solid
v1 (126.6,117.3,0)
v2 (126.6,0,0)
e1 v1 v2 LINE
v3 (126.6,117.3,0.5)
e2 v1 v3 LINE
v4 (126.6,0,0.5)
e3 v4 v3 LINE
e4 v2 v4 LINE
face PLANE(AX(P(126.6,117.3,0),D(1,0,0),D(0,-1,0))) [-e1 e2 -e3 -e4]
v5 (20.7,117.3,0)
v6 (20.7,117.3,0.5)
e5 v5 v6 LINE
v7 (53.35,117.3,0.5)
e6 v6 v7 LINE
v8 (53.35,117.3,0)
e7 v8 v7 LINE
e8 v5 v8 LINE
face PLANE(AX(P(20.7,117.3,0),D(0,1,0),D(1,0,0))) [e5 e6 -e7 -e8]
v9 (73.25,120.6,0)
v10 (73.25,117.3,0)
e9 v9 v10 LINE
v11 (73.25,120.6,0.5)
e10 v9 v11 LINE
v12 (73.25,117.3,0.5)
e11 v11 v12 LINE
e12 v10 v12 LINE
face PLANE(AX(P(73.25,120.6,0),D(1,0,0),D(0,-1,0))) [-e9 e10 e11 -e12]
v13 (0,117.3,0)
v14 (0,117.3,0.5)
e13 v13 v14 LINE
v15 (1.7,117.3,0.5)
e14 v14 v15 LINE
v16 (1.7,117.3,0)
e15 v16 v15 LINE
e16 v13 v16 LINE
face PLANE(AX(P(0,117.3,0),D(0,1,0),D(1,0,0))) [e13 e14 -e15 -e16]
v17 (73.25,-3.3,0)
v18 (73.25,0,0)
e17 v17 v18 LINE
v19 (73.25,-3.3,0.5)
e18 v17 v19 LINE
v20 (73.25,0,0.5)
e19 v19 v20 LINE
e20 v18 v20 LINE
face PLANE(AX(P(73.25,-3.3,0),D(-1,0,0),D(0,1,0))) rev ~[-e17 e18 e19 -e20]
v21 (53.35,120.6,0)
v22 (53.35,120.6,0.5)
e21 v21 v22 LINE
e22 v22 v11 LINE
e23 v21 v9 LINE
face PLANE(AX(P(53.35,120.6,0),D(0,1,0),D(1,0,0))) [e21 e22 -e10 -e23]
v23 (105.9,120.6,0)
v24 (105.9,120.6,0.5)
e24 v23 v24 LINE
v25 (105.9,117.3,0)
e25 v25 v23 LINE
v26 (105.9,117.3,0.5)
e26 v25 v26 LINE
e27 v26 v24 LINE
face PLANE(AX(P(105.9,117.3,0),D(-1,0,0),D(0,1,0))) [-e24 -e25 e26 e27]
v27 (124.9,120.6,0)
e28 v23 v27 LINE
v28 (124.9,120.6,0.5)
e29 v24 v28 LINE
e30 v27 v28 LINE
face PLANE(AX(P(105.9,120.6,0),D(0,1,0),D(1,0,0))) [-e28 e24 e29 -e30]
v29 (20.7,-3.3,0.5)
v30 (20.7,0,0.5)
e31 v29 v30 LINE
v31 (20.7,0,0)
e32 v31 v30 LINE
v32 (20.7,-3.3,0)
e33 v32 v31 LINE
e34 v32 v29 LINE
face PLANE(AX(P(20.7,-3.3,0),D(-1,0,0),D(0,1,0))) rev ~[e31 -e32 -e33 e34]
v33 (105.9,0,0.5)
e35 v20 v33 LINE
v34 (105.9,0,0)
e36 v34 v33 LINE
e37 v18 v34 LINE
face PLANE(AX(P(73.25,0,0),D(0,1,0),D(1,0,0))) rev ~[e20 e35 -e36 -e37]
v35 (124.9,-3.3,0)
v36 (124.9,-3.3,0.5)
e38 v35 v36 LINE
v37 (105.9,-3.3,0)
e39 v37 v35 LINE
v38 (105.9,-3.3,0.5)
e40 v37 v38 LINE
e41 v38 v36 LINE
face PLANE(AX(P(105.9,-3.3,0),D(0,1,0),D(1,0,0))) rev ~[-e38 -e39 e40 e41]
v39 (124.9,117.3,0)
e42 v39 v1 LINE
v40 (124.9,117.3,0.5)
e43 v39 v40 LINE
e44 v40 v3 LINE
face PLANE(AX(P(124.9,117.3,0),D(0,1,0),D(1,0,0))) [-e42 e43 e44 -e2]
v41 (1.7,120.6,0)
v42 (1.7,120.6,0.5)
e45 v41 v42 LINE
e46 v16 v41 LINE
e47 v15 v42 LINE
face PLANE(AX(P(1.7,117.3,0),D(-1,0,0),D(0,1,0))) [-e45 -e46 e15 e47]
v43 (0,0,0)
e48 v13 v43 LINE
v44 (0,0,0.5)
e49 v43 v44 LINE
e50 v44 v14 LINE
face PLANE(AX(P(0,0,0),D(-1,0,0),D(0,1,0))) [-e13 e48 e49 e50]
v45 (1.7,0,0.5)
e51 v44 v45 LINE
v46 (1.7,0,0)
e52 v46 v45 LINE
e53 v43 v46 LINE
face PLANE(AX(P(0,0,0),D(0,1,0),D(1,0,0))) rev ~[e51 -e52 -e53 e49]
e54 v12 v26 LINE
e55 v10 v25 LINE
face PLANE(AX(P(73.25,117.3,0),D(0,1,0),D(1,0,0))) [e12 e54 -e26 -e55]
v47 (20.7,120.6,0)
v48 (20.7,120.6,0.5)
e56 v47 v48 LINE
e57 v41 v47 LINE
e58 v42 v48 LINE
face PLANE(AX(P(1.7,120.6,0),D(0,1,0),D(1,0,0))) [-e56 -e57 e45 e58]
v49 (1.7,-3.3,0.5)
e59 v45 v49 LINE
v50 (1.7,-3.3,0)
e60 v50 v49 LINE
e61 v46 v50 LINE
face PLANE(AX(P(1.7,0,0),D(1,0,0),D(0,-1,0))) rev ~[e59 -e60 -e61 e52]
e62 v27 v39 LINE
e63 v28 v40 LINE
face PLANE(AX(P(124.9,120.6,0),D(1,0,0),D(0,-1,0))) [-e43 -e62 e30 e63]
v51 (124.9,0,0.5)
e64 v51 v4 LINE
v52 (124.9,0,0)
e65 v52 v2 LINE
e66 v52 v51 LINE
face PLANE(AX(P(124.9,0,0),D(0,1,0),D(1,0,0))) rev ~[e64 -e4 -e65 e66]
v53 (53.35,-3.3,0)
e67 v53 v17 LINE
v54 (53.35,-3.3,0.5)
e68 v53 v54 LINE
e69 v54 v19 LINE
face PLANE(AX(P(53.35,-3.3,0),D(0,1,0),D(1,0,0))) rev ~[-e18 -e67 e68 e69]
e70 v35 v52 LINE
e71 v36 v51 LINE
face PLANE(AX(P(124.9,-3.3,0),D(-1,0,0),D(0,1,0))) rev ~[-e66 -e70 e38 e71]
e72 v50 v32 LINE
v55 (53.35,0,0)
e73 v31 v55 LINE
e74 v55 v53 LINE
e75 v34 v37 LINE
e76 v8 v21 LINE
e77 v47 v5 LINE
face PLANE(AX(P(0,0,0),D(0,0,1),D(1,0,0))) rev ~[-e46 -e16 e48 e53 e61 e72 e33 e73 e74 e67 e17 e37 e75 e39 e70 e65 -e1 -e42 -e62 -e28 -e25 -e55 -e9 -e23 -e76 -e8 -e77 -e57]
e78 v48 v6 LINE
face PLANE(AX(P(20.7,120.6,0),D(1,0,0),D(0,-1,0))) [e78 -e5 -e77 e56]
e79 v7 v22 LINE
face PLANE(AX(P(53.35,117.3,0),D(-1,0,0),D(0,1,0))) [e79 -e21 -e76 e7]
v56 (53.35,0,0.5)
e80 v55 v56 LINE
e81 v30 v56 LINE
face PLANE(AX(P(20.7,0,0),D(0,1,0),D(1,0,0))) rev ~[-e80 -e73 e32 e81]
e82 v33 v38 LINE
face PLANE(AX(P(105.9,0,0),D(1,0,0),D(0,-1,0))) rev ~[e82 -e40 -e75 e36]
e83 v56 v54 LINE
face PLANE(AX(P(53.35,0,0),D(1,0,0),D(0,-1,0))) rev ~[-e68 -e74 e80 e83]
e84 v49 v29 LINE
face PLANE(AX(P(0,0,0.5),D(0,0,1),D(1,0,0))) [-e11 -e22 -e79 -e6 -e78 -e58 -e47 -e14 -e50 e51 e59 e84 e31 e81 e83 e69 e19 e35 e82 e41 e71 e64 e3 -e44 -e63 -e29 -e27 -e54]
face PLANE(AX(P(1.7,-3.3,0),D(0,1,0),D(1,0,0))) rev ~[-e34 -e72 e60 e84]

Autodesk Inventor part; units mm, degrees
ref_plane "YZ Plane" through (0, 0, 0) normal (1, 0, 0) x (0, 1, 0)
ref_plane "XZ Plane" through (0, 0, 0) normal (0, 1, 0) x (-1, 0, 0)
sketch "Sketch1" plane through (0, 0, 0) normal (0, 0, 1) x (1, 0, 0)
  line L0 (0, 0) -> (126.6, 0)
  line L1 (1.7, 0) -> (1.7, -3.3)
  line L2 (1.7, -3.3) -> (20.7, -3.3)
  line L3 (20.7, -3.3) -> (20.7, 0)
  line L4 (53.35, 0) -> (53.35, -3.3)
  line L5 (53.35, -3.3) -> (73.25, -3.3)
  line L6 (73.25, -3.3) -> (73.25, 0)
  line L7 (105.9, 0) -> (105.9, -3.3)
  line L8 (105.9, -3.3) -> (124.9, -3.3)
  line L9 (124.9, -3.3) -> (124.9, 0)
  line L10 (11.2, -3.3) -> (11.2, 0) construction
  line L11 (63.3, -3.3) -> (63.3, 0) construction
  line L12 (115.4, -3.3) -> (115.4, 0) construction
  line L13 (63.3, 0) -> (63.3, 12.1181) construction
  line L14 (0, 0) -> (0, 58.65)
  line L15 (0, 58.65) -> (126.6, 58.65) construction
  line L16 (126.6, 0) -> (126.6, 58.65)
  line L17 (0, 117.3) -> (126.6, 117.3)
  line L18 (1.7, 117.3) -> (1.7, 120.6)
  line L19 (1.7, 120.6) -> (20.7, 120.6)
  line L20 (20.7, 120.6) -> (20.7, 117.3)
  line L21 (53.35, 117.3) -> (53.35, 120.6)
  line L22 (53.35, 120.6) -> (73.25, 120.6)
  line L23 (73.25, 120.6) -> (73.25, 117.3)
  line L24 (105.9, 117.3) -> (105.9, 120.6)
  line L25 (105.9, 120.6) -> (124.9, 120.6)
  line L26 (124.9, 120.6) -> (124.9, 117.3)
  line L27 (11.2, 120.6) -> (11.2, 117.3) construction
  line L28 (63.3, 120.6) -> (63.3, 117.3) construction
  line L29 (115.4, 120.6) -> (115.4, 117.3) construction
  line L30 (63.3, 117.3) -> (63.3, 105.1819) construction
  line L31 (0, 117.3) -> (0, 58.65)
  line L32 (126.6, 117.3) -> (126.6, 58.65)
  dimension "d12" = 126.6
  dimension "d13" = 3.3
  dimension "d14" = 19
  dimension "d15" = 3.3
  dimension "d16" = 19.9
  dimension "d17" = 3.3
  dimension "d18" = 19
  dimension "d19" = 52.1
  dimension "d20" = 52.1
  dimension "d21" = 58.65
extrude "Extrusion1" add sketch "Sketch1" along normal blind 0.5
ref_plane "Work Plane1" through (0, 0, 0.25) normal (0, 0, 1) x (1, 0, 0)
ref_plane "Work Plane2" through (63.3, 0, 0) normal (1, 0, 0) x (0, 0, -1)
equation "\"d12\" = lrltotal"
equation "\"d13\" = lrdepth"
equation "\"d14\" = lrlr"
equation "\"d15\" = lrdepth"
equation "\"d16\" = lrmid"
equation "\"d17\" = lrdepth"
equation "\"d18\" = lrlr"
equation "\"d20\" = d19"
equation "\"d21\" = 0.5 * heaterH"
equation "\"d22\" = thick"
equation "\"thick\" = 0.5"
equation "\"lrlr\" = 19"
equation "\"lrmid\" = 19.9"
equation "\"lrdepth\" = 3.3"
equation "\"mlr\" = 16.6"
equation "\"mmid\" = 24.7"
equation "\"mdepth\" = 4.5"
equation "\"lrltotal\" = 126.6"
equation "\"mltotal\" = 126.6"
equation "\"lrbetween\" = 52.1"
equation "\"mbetween\" = 49.5"
equation "\"toler\" = 1"
equation "\"stuckw\" = 6"
equation "\"tight\" = 0.08"
equation "\"sidewallL\" = 132.6"
equation "\"heaterH\" = 117.3"
equation "\"stickL\" = 3.5"
equation "\"wireH\" = 25"
properties part number "lr_heater"
